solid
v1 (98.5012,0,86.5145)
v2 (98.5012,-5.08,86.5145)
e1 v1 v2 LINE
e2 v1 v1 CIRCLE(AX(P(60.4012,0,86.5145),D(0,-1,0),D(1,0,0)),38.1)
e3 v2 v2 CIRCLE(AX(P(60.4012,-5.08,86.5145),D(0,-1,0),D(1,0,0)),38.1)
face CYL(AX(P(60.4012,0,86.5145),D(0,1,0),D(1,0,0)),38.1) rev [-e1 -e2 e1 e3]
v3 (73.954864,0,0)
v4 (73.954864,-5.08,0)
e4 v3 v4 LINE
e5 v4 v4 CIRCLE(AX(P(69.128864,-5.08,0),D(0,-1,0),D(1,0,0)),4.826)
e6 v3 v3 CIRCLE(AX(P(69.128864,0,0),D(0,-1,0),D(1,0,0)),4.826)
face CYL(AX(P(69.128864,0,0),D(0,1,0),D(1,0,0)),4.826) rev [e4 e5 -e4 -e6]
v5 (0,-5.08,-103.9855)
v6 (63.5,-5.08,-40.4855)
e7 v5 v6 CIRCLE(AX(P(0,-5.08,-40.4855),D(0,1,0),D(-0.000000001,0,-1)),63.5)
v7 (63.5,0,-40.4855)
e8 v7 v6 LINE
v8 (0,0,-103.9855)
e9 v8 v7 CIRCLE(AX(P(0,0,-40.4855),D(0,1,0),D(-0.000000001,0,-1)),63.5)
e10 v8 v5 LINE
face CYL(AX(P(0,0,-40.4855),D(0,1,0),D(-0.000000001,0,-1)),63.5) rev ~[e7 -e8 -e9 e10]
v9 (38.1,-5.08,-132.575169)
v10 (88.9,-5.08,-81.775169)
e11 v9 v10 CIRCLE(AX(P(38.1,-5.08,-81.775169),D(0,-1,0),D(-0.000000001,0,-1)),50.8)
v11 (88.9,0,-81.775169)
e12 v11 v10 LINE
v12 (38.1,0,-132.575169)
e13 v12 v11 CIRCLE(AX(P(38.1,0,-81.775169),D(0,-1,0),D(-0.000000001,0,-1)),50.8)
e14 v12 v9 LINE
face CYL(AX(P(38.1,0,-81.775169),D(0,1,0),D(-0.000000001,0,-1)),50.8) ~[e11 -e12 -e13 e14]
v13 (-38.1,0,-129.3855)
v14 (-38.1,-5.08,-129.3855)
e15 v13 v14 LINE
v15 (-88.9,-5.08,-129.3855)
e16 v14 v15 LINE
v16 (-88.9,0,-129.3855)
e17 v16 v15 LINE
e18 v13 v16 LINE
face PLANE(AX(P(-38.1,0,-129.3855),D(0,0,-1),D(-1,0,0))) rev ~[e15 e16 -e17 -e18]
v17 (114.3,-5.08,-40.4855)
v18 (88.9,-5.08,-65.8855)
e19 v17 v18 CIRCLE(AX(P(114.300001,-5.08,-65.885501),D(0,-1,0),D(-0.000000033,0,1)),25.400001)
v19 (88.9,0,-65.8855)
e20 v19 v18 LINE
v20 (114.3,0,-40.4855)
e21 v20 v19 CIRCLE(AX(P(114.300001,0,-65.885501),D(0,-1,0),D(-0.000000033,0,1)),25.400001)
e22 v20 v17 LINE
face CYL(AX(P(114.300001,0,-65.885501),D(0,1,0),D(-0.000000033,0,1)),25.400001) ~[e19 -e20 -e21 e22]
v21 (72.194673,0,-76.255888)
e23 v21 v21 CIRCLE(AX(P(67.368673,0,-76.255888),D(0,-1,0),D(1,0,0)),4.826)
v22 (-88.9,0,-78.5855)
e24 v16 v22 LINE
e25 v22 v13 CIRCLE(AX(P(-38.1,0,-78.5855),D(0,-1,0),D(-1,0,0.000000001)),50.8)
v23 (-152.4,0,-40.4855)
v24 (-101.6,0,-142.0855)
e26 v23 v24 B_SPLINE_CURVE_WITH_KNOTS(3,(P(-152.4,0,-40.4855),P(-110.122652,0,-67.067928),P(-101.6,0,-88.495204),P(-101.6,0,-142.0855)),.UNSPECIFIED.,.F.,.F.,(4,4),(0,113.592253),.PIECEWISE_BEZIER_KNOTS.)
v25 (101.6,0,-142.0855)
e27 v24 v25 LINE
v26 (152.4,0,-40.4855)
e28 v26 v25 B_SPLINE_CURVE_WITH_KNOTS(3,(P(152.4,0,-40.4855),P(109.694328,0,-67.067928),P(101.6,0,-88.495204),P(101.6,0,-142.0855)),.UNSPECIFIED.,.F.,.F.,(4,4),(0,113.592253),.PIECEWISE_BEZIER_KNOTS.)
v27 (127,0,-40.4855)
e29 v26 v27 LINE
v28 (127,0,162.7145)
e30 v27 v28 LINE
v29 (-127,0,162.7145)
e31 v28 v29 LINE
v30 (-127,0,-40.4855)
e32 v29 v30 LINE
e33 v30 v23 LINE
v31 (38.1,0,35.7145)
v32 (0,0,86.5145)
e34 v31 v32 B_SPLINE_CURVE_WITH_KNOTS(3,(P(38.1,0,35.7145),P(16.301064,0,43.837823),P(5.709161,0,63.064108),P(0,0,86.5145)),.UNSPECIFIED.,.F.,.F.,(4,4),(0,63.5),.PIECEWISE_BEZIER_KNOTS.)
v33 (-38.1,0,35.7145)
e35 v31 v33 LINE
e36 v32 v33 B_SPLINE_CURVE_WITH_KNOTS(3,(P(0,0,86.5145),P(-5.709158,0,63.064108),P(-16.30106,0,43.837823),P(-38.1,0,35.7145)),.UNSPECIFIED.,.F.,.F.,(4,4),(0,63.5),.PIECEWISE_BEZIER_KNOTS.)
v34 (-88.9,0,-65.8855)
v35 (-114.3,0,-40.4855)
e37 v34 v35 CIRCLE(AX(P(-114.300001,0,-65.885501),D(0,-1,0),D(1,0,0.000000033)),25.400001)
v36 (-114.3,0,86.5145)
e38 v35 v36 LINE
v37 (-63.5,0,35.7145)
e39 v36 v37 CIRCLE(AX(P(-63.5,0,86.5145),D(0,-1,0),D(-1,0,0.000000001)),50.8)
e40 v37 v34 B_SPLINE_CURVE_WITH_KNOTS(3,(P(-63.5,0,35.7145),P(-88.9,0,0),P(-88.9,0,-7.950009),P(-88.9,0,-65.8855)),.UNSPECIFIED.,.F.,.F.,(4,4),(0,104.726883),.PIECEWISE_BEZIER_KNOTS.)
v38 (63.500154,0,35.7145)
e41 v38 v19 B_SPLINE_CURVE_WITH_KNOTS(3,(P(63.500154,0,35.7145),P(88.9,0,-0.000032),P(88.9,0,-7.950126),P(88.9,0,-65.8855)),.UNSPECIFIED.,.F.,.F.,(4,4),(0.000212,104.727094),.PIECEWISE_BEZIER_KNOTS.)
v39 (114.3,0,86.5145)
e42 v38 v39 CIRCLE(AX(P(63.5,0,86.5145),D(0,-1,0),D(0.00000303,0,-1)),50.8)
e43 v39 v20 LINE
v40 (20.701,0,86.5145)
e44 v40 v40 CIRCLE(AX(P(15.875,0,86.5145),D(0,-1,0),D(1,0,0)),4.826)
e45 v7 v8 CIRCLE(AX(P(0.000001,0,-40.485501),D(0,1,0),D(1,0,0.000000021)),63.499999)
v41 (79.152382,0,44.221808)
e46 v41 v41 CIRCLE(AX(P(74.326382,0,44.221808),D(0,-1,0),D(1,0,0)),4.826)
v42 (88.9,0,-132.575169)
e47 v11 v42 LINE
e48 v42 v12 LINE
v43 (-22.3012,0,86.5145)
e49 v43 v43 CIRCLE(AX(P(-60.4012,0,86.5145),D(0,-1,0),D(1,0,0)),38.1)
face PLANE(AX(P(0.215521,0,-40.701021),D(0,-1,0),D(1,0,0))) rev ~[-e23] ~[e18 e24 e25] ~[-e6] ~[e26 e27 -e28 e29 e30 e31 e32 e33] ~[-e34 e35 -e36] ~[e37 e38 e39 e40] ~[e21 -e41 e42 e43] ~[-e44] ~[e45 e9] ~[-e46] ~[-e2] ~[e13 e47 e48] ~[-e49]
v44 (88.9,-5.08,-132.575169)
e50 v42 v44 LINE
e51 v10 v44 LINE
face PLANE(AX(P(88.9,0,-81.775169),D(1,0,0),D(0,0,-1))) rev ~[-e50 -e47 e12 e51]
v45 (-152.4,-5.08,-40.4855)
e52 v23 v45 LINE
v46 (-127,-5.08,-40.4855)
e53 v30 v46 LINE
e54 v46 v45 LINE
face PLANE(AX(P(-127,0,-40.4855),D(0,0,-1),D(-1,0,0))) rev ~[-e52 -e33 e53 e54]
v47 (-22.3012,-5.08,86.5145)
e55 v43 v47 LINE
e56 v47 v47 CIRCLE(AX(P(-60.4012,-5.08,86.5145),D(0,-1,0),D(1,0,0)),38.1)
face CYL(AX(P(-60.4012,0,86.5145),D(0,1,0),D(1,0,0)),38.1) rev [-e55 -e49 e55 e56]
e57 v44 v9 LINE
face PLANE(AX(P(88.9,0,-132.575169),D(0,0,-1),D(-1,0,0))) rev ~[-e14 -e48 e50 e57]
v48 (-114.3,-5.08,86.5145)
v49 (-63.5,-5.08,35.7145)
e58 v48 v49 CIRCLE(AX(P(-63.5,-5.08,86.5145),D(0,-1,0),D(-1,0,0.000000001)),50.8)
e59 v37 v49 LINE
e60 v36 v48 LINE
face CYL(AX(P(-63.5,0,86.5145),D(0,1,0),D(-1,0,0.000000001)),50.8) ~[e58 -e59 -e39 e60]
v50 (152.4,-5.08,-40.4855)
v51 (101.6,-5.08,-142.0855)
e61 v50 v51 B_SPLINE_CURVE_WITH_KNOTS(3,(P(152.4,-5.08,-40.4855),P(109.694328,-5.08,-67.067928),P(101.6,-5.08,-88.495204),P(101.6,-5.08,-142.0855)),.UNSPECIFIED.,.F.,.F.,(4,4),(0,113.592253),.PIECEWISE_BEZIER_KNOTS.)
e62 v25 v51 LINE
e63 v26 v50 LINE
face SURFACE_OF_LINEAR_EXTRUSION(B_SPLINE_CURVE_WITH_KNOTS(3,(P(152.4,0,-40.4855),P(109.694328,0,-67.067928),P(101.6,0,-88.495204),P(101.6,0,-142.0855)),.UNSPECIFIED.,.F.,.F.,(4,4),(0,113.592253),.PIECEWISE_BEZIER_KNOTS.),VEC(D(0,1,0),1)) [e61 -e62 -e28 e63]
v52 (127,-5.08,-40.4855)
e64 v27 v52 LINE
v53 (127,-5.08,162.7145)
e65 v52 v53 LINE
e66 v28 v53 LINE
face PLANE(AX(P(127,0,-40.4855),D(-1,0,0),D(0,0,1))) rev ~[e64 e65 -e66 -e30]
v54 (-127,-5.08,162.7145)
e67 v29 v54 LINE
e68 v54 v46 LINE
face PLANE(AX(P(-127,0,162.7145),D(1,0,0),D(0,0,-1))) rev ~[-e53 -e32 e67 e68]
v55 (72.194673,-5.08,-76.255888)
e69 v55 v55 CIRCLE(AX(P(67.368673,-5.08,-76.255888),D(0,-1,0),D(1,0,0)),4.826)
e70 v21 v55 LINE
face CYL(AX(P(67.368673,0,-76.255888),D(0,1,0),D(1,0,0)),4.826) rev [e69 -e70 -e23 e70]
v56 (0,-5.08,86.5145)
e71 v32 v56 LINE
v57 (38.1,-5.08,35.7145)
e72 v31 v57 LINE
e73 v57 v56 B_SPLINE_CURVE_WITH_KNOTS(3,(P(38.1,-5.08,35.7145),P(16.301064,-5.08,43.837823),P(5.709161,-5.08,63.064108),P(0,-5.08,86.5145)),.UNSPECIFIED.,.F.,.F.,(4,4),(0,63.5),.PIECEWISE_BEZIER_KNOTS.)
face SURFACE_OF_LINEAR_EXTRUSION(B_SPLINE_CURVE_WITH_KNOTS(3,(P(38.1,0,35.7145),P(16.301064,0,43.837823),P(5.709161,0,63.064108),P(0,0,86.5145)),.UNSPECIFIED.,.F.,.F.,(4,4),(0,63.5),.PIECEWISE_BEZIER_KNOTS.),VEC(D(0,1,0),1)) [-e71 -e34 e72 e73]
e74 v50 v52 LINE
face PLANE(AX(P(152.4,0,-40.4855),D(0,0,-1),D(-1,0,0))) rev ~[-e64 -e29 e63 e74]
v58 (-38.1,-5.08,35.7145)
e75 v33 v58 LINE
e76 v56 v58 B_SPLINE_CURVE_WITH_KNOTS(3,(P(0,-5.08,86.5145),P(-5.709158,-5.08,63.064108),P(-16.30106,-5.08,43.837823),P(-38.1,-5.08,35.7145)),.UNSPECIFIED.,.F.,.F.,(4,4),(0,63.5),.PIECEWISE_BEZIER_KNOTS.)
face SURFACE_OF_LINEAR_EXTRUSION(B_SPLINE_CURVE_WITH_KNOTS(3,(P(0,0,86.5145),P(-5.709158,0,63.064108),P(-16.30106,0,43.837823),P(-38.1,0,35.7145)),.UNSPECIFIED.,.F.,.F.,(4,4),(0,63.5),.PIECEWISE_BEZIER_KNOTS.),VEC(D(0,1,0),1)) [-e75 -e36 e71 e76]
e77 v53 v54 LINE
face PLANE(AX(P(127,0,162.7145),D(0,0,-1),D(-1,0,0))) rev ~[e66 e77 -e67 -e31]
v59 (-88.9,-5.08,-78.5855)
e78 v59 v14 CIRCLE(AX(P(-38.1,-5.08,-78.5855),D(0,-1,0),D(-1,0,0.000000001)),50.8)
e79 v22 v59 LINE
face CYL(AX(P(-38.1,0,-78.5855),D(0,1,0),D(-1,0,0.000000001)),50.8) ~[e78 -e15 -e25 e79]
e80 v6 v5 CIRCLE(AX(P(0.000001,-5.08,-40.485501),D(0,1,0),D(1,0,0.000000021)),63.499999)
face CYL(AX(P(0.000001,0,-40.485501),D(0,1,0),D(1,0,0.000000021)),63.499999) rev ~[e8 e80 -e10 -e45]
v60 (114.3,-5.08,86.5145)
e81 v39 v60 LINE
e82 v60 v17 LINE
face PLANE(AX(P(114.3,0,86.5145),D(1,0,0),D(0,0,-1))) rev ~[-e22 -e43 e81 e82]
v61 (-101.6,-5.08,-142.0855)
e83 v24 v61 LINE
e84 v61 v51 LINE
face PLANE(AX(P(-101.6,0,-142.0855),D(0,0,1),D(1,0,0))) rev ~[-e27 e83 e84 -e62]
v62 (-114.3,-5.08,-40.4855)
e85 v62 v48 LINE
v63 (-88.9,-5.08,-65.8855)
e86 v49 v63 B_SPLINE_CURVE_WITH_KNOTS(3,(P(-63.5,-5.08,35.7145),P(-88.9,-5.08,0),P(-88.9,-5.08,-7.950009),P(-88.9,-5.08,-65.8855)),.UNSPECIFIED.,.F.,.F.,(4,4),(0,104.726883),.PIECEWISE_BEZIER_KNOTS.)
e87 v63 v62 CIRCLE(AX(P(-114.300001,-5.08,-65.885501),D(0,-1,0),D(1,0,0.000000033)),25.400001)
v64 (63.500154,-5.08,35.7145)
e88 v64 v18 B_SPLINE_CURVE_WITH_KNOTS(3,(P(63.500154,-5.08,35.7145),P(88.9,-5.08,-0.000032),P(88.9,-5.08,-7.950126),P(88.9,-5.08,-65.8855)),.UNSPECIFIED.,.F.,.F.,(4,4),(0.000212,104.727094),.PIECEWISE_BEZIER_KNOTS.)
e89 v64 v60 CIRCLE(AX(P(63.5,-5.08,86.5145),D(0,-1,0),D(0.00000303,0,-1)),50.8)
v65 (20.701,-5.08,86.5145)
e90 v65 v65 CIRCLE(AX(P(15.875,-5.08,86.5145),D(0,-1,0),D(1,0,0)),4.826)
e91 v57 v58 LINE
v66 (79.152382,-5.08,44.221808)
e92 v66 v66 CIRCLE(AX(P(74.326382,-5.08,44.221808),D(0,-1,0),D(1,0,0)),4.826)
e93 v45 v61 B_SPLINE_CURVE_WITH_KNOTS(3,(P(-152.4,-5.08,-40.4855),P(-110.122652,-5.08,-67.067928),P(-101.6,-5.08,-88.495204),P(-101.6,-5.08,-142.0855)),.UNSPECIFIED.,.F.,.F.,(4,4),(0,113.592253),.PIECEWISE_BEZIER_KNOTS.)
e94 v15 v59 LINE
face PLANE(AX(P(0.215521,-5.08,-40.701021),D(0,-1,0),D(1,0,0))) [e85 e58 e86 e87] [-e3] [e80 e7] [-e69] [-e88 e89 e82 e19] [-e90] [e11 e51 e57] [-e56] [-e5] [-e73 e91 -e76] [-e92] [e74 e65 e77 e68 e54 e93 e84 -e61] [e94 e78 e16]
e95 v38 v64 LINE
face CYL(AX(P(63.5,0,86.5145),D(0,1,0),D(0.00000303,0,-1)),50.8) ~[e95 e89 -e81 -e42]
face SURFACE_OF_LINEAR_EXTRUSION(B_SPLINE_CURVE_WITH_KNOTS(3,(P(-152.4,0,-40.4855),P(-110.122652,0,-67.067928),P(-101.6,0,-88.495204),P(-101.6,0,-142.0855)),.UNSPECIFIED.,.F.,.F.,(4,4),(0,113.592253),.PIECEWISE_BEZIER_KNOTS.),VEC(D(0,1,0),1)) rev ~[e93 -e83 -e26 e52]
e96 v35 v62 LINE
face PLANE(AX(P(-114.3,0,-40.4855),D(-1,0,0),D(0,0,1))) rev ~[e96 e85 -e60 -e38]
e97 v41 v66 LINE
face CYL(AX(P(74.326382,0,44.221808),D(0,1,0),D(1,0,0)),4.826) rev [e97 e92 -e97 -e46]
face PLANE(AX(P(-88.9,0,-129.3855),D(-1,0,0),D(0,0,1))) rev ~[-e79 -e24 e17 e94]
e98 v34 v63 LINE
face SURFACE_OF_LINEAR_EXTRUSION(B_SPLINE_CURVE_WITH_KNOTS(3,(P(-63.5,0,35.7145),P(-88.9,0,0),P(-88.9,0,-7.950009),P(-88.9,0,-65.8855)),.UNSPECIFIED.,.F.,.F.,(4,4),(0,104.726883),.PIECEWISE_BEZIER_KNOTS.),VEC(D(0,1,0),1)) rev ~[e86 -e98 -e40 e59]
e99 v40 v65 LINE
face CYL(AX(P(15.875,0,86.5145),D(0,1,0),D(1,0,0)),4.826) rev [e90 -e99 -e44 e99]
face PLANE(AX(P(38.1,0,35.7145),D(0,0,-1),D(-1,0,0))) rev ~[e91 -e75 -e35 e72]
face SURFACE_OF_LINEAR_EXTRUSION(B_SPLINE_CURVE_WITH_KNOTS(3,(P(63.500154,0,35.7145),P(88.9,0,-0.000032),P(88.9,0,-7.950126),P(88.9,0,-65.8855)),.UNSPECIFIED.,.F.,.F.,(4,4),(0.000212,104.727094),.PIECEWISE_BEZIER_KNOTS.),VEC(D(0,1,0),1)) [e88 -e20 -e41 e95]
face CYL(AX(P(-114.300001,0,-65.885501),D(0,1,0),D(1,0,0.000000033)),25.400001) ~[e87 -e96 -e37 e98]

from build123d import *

# Parameters (mm, degrees)
F0_R     = 4.826
F0_R_2   = 38.1
F1_DEPTH = 5.08


with BuildPart() as f1:
    # F0 (on Front) → F1 (new body)
    with BuildSketch(Plane.XZ):
        with BuildLine():
            ThreePointArc((4.826, -40.4855), (-3.412497, -37.073003), (0, -45.3115))
            ThreePointArc((0, -45.3115), (3.412497, -43.897998), (4.826, -40.4855))
        make_face()
        with BuildLine():
            ThreePointArc((0, -103.9855), (44.901281, -85.386781), (63.5, -40.4855))
            ThreePointArc((63.5, -40.4855), (-44.901281, 4.41578), (0, -103.9855))
        make_face()
        with BuildLine():
            ThreePointArc((4.826, -40.4855), (3.412497, -43.897998), (0, -45.3115))
            ThreePointArc((0, -45.3115), (-3.412497, -37.073003), (4.826, -40.4855))
        make_face(mode=Mode.SUBTRACT)
        with BuildLine():
            Line((-101.6, -142.0855), (0, -142.0855))
            Line((0, -142.0855), (101.6, -142.0855))
            add(Edge.make_bspline(
                [(152.4, -40.4855), (109.694328, -67.067928), (101.6, -88.495204), (101.6, -142.0855)],
                knots=[0, 0, 0, 0, 113.592253, 113.592253, 113.592253, 113.592253], degree=3))
            Line((152.4, -40.4855), (127, -40.4855))
            Line((127, -40.4855), (127, 162.7145))
            Line((127, 162.7145), (0, 162.7145))
            Line((0, 162.7145), (-127, 162.7145))
            Line((-127, 162.7145), (-127, -40.4855))
            Line((-127, -40.4855), (-152.4, -40.4855))
            add(Edge.make_bspline(
                [(-152.4, -40.4855), (-110.122652, -67.067928), (-101.6, -88.495204), (-101.6, -142.0855)],
                knots=[0, 0, 0, 0, 113.592253, 113.592253, 113.592253, 113.592253], degree=3))
        make_face()
        with BuildLine():
            Line((-38.1, -129.3855), (-88.9, -129.3855))
            Line((-88.9, -129.3855), (-88.9, -78.5855))
            ThreePointArc((-88.9, -78.5855), (-74.021024, -114.506525), (-38.1, -129.3855))
        make_face(mode=Mode.SUBTRACT)
        with BuildLine():
            Line((88.9, -81.775169), (88.9, -132.575169))
            Line((88.9, -132.575169), (38.1, -132.575169))
            ThreePointArc((38.1, -132.575169), (74.021024, -117.696194), (88.9, -81.775169))
        make_face(mode=Mode.SUBTRACT)
        with Locations((67.368673, -76.255888)):
            Circle(F0_R, mode=Mode.SUBTRACT)
        with BuildLine():
            ThreePointArc((0, -103.9855), (-44.901281, 4.41578), (63.5, -40.4855))
            ThreePointArc((63.5, -40.4855), (44.901281, -85.386781), (0, -103.9855))
        make_face(mode=Mode.SUBTRACT)
        with Locations((69.128864, 0)):
            Circle(F0_R, mode=Mode.SUBTRACT)
        with BuildLine():
            Line((-114.3, -40.4855), (-114.3, 35.7145))
            Line((-114.3, 35.7145), (-114.3, 86.5145))
            ThreePointArc((-114.3, 86.5145), (-99.421024, 50.593475), (-63.5, 35.7145))
            add(Edge.make_bspline(
                [(-63.5, 35.7145), (-88.9, 0), (-88.9, -7.950009), (-88.9, -65.8855)],
                knots=[0, 0, 0, 0, 104.726883, 104.726883, 104.726883, 104.726883], degree=3))
            ThreePointArc((-88.9, -65.8855), (-96.339488, -47.924988), (-114.3, -40.4855))
        make_face(mode=Mode.SUBTRACT)
        with Locations((-60.4012, 86.5145)):
            Circle(F0_R_2, mode=Mode.SUBTRACT)
        with Locations((74.326382, 44.221808)):
            Circle(F0_R, mode=Mode.SUBTRACT)
        with BuildLine():
            Line((38.1, 35.7145), (0, 35.7145))
            Line((0, 35.7145), (-38.1, 35.7145))
            add(Edge.make_bspline(
                [(0, 86.5145), (-5.709158, 63.064108), (-16.30106, 43.837823), (-38.1, 35.7145)],
                knots=[0, 0, 0, 0, 63.5, 63.5, 63.5, 63.5], degree=3))
            add(Edge.make_bspline(
                [(38.1, 35.7145), (16.301064, 43.837823), (5.709161, 63.064108), (0, 86.5145)],
                knots=[0, 0, 0, 0, 63.5, 63.5, 63.5, 63.5], degree=3))
        make_face(mode=Mode.SUBTRACT)
        with BuildLine():
            Line((114.3, 86.5145), (114.3, 35.7145))
            Line((114.3, 35.7145), (114.3, -40.4855))
            ThreePointArc((114.3, -40.4855), (96.339488, -47.924988), (88.9, -65.8855))
            add(Edge.make_bspline(
                [(63.500154, 35.7145), (88.9, -3.2e-05), (88.9, -7.950126), (88.9, -65.8855)],
                knots=[0.000212, 0.000212, 0.000212, 0.000212, 104.727094, 104.727094, 104.727094, 104.727094], degree=3))
            ThreePointArc((63.500154, 35.7145), (99.421079, 50.59353), (114.3, 86.5145))
        make_face(mode=Mode.SUBTRACT)
        with Locations((15.875, 86.5145)):
            Circle(F0_R, mode=Mode.SUBTRACT)
        with Locations((60.4012, 86.5145)):
            Circle(F0_R_2, mode=Mode.SUBTRACT)
    extrude(amount=F1_DEPTH)


solid = f1.part
